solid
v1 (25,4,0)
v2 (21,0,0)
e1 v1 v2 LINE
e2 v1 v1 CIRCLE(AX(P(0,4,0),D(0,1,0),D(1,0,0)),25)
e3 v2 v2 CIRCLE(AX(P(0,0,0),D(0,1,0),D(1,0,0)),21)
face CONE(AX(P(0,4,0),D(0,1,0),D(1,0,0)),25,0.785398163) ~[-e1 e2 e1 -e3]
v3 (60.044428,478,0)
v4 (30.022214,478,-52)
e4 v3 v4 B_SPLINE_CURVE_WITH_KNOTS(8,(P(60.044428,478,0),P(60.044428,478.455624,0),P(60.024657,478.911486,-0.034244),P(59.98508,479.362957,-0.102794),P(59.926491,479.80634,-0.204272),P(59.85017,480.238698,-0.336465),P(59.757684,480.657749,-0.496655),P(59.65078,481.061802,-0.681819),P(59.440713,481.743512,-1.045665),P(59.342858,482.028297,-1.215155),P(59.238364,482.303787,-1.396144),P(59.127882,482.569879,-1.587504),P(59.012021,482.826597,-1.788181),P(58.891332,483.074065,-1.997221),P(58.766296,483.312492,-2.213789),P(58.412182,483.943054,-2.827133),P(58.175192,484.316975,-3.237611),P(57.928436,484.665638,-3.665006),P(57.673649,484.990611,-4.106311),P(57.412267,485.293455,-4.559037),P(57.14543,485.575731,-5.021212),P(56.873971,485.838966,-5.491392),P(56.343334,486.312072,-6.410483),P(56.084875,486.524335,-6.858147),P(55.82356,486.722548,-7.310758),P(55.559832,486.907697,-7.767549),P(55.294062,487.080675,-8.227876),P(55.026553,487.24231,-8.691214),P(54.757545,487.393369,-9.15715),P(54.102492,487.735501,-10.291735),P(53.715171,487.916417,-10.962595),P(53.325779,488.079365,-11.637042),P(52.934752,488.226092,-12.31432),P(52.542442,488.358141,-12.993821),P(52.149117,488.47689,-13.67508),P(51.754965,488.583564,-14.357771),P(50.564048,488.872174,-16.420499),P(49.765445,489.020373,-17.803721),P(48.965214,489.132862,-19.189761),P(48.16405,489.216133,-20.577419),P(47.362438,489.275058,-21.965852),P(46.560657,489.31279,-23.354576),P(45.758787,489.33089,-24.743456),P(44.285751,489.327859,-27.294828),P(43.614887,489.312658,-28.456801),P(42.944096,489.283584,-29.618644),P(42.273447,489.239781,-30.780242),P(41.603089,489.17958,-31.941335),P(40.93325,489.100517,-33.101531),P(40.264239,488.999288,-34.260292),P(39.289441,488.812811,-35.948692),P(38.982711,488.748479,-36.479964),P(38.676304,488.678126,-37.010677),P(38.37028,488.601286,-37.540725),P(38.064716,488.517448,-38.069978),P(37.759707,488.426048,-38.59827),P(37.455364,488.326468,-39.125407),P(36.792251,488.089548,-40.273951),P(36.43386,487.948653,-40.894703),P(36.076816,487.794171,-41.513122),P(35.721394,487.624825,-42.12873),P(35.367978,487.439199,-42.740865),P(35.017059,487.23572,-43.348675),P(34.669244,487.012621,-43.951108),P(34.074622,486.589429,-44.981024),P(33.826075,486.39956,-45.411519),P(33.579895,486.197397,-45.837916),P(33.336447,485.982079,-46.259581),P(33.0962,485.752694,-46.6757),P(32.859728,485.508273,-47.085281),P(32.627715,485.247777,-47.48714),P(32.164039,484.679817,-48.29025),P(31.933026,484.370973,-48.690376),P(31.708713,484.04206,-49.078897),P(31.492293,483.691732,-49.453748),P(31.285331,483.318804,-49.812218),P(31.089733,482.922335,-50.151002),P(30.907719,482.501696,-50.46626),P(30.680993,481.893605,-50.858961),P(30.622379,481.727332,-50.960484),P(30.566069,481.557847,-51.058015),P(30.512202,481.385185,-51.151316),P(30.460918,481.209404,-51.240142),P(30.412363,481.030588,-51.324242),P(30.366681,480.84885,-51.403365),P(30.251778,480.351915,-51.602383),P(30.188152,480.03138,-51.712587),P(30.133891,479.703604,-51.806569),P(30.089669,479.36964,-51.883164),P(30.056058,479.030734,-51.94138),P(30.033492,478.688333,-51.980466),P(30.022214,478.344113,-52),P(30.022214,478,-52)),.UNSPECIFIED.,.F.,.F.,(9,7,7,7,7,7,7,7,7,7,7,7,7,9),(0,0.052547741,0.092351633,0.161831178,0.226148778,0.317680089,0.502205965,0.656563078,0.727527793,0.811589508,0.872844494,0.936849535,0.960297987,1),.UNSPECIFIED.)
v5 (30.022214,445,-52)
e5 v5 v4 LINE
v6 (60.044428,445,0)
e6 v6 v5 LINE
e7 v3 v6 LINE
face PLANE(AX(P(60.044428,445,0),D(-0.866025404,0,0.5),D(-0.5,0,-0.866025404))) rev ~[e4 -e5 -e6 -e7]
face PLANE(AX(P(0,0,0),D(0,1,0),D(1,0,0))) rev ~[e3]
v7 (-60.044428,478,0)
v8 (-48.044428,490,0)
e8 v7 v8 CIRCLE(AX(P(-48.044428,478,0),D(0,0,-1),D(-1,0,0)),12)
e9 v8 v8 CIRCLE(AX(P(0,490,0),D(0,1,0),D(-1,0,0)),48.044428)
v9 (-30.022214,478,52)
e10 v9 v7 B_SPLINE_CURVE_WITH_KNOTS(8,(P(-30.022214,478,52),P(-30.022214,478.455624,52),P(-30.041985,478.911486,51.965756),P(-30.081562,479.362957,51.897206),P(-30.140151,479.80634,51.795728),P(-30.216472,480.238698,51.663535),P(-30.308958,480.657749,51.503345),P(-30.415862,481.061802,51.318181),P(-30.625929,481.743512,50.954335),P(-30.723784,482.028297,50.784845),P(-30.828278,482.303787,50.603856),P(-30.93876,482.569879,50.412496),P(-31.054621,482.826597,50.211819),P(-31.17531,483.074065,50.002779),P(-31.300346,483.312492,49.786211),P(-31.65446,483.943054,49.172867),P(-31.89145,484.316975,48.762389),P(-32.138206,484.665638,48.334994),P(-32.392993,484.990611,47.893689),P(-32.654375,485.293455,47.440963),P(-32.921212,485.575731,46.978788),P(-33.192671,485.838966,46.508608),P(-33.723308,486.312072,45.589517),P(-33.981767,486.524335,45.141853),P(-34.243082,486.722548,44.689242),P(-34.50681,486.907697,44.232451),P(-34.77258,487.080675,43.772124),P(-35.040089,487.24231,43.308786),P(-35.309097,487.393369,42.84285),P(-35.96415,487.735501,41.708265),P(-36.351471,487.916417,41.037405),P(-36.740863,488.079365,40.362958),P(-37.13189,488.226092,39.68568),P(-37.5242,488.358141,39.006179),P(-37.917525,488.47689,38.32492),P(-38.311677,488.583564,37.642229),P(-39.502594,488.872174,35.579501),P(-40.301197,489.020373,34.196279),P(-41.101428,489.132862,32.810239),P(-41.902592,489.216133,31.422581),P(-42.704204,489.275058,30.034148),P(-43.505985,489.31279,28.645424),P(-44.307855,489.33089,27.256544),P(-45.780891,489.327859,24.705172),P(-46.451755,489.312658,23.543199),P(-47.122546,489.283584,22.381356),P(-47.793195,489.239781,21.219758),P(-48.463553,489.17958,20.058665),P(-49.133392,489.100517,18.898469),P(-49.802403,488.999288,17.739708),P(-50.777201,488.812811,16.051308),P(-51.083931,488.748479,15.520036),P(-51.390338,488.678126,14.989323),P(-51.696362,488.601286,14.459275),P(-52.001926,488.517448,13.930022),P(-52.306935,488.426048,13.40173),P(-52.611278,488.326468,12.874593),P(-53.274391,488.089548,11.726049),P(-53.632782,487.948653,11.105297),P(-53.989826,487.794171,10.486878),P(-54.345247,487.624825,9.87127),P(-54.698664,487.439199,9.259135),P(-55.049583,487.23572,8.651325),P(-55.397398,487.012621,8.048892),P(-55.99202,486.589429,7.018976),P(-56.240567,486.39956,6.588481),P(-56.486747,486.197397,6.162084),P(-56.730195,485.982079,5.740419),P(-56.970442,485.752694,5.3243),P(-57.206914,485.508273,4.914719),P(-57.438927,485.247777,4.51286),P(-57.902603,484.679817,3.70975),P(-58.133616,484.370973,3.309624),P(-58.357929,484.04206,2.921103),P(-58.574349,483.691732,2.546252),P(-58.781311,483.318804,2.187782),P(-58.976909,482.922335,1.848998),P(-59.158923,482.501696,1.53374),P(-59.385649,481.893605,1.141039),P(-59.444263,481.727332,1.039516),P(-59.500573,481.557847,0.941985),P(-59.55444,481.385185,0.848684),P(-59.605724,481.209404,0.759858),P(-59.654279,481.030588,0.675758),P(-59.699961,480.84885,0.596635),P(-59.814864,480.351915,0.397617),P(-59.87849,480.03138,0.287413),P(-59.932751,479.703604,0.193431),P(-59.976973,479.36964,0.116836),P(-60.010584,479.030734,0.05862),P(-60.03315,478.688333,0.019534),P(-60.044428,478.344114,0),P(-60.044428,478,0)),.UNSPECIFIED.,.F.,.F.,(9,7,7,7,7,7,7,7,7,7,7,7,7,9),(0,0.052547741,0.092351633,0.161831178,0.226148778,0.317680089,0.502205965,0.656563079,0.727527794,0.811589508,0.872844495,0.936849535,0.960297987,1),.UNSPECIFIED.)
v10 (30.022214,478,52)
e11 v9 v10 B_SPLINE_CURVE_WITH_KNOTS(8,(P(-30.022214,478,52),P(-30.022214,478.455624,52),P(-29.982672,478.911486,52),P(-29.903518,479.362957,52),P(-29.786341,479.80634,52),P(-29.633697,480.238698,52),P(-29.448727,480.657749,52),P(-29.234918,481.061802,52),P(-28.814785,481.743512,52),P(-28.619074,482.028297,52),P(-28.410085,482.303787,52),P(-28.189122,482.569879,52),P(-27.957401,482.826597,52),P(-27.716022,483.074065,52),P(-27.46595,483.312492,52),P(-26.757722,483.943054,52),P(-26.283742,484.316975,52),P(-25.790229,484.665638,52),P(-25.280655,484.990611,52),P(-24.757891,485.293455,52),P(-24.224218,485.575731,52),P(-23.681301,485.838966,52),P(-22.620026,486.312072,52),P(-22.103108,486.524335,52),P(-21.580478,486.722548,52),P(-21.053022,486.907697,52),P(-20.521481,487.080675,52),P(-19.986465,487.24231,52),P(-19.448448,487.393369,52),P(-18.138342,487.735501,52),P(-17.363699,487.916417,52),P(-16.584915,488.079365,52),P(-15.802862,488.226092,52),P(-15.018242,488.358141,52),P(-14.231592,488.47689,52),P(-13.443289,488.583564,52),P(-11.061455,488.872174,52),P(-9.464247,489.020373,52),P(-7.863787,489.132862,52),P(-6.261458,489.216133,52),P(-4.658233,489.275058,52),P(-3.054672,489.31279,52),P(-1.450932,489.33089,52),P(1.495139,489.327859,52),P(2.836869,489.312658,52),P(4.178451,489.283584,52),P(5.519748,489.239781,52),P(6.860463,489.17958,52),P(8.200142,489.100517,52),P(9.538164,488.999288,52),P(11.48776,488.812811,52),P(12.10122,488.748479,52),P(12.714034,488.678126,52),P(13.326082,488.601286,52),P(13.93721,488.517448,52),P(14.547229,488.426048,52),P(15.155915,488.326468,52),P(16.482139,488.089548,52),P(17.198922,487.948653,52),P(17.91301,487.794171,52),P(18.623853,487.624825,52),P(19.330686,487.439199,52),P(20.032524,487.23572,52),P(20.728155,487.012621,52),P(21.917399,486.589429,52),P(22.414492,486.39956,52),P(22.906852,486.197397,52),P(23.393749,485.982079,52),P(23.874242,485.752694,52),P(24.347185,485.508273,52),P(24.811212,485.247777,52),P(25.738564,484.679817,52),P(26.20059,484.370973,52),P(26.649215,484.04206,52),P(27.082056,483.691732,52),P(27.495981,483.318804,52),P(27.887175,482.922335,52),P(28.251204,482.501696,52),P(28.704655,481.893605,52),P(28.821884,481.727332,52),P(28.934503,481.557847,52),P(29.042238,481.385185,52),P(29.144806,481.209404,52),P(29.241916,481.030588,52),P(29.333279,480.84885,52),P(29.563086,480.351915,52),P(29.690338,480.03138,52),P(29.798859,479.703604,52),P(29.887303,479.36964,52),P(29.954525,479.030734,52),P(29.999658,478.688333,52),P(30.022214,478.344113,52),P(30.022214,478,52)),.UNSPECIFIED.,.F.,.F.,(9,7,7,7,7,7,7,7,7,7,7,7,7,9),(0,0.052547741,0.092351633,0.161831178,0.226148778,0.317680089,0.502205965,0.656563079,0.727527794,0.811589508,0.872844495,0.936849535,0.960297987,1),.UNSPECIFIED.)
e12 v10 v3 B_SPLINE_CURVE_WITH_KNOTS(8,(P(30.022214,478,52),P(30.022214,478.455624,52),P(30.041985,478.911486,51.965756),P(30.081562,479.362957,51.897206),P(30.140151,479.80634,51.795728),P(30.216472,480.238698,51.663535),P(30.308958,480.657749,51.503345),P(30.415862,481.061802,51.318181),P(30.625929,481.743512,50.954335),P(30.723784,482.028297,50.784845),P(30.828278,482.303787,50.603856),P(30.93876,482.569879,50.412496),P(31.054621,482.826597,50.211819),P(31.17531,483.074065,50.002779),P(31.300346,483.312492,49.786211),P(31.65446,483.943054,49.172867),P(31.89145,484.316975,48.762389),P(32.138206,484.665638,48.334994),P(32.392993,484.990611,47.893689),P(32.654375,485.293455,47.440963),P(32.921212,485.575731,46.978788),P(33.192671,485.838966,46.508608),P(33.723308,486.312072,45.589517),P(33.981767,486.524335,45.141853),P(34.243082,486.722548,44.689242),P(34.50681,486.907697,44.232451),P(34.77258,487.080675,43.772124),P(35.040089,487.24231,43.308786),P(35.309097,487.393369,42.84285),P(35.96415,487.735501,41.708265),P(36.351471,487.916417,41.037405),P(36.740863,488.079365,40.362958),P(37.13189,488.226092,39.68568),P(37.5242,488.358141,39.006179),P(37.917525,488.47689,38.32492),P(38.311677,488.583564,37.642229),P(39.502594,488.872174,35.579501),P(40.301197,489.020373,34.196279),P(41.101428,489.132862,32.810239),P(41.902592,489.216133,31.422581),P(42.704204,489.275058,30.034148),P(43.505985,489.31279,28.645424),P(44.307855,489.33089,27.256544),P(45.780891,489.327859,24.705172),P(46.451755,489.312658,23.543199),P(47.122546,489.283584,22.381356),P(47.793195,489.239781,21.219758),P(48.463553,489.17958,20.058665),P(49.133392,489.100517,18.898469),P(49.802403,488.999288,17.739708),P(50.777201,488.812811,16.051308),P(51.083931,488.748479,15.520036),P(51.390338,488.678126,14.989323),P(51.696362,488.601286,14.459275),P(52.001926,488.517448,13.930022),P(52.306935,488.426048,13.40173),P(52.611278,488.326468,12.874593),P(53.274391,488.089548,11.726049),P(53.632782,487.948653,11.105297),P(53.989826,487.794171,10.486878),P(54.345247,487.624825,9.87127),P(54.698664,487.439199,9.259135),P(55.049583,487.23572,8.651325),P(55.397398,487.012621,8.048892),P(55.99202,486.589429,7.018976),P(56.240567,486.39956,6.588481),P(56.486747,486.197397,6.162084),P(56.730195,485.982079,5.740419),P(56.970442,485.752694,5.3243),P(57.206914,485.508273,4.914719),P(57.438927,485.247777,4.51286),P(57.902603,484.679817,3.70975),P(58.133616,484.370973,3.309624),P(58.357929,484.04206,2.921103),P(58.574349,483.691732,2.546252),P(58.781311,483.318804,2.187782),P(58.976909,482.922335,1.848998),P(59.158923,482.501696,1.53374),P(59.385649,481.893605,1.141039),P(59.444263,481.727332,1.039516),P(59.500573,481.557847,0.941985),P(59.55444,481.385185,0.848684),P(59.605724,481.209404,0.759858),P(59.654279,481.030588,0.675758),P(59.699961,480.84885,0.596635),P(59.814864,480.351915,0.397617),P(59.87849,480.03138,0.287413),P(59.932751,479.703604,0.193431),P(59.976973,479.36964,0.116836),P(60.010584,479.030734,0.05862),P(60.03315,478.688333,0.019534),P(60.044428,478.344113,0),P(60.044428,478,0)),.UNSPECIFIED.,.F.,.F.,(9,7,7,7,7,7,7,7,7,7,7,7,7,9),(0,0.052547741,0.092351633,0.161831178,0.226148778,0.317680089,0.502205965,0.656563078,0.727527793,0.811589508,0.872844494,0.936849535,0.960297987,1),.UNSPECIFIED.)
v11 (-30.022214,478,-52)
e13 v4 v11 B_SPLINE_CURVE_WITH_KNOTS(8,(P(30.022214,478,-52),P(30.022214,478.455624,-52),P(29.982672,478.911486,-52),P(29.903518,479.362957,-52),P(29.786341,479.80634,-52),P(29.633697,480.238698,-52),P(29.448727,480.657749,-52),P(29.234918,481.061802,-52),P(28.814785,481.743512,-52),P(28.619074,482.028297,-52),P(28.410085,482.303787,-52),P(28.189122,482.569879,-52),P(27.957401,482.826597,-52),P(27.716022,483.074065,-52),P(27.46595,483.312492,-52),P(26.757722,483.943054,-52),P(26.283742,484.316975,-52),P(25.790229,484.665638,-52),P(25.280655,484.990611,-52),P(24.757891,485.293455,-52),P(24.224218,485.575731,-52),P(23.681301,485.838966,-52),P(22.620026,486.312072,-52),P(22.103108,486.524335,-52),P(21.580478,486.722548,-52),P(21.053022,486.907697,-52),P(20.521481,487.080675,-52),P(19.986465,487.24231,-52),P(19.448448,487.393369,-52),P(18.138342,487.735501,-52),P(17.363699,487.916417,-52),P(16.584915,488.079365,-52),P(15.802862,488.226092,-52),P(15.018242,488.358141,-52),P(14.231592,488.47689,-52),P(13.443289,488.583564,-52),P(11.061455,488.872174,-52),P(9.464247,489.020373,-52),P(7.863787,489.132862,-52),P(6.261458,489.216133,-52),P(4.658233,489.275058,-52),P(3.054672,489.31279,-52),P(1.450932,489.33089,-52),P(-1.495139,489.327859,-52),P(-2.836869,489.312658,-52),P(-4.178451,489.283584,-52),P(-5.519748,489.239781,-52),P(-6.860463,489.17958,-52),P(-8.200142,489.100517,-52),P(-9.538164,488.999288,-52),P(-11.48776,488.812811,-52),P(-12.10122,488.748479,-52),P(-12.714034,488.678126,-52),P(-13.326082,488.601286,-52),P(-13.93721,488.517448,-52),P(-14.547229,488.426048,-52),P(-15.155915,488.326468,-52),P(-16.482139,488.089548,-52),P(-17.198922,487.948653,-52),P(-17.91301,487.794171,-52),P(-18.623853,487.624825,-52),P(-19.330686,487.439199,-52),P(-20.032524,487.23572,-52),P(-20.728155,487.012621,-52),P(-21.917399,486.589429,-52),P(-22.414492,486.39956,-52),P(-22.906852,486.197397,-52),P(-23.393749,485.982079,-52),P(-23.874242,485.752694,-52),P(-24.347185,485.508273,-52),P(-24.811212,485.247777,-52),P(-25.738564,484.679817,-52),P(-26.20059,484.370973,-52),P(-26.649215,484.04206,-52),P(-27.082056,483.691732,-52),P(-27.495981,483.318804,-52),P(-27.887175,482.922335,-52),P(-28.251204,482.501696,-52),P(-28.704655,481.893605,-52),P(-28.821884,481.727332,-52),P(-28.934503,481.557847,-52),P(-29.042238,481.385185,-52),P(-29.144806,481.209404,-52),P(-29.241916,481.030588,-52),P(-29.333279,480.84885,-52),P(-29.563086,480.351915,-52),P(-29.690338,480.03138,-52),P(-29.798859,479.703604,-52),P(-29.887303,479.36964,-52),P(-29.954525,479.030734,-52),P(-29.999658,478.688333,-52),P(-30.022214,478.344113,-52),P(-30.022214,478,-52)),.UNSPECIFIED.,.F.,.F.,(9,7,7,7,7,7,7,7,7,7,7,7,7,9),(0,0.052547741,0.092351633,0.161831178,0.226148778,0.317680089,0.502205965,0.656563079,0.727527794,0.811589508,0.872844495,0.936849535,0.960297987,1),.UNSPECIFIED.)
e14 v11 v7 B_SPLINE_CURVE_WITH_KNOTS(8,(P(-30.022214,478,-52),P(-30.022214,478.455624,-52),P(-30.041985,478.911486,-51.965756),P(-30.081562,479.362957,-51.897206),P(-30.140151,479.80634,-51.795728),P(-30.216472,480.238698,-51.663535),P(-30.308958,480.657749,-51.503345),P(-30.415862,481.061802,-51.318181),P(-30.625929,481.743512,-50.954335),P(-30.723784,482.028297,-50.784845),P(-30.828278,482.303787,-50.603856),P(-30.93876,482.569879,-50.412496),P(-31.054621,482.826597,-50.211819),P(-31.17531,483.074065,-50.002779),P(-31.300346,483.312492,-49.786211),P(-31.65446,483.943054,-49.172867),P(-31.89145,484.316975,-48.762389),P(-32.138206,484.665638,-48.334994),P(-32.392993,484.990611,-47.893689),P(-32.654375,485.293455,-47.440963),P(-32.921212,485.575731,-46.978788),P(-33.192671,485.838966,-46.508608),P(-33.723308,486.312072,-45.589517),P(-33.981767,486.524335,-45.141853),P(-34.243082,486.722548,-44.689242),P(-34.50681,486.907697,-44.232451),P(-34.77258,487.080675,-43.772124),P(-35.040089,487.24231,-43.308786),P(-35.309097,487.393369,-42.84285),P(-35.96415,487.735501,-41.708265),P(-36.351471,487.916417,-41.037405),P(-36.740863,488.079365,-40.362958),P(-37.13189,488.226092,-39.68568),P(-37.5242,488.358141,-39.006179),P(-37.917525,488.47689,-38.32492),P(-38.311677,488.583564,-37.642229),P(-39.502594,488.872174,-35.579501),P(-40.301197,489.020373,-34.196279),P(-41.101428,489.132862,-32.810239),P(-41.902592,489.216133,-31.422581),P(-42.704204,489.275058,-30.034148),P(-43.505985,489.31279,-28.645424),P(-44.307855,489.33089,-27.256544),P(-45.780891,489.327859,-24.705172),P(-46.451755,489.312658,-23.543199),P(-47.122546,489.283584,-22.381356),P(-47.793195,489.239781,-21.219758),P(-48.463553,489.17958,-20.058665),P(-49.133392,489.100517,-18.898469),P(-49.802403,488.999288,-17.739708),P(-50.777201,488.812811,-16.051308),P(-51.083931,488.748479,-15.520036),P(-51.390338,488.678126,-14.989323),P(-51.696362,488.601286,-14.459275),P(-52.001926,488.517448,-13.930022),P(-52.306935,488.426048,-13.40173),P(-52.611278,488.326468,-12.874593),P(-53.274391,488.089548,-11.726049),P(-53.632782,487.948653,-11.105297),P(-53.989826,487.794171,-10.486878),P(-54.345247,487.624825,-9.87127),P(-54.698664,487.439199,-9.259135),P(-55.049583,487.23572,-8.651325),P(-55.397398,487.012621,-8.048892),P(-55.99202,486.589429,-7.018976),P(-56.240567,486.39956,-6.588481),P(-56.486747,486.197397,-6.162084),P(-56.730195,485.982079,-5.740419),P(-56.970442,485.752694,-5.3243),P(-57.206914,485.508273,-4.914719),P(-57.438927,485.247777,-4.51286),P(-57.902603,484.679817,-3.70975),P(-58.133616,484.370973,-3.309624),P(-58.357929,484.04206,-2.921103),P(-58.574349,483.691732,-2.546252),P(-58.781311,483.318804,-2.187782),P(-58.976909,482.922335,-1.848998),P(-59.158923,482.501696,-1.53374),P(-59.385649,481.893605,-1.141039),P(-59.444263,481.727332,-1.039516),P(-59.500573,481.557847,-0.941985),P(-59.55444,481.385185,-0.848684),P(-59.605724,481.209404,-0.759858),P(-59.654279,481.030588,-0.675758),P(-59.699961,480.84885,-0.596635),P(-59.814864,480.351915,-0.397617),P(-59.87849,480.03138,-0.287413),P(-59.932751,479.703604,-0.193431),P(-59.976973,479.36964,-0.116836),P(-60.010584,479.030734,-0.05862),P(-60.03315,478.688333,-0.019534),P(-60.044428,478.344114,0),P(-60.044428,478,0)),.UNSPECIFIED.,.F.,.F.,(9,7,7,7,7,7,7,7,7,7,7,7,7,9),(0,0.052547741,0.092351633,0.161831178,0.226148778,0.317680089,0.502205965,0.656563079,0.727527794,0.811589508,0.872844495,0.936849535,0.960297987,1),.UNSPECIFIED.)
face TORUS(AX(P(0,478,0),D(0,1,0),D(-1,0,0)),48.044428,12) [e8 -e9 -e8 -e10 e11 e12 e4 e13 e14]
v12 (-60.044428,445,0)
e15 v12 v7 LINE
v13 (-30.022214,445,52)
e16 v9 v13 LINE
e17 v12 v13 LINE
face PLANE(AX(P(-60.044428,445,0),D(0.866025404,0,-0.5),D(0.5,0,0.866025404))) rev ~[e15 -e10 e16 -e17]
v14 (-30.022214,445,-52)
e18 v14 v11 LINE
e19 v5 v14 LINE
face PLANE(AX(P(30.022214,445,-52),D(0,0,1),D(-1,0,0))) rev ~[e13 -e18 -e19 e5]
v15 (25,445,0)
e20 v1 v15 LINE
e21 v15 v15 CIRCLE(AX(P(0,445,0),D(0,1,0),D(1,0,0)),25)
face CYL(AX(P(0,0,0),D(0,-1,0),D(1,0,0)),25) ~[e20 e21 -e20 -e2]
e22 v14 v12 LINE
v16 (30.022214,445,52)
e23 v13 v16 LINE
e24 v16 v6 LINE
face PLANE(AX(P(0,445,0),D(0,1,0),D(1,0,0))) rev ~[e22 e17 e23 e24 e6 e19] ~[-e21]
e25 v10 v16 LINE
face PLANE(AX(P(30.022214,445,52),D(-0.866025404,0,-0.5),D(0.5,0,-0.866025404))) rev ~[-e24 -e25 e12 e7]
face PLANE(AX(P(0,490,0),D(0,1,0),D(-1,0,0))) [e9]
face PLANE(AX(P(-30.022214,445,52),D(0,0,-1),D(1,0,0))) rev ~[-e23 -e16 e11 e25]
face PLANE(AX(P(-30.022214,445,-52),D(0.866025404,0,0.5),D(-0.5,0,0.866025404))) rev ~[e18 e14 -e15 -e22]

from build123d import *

# Parameters (mm, degrees)
SKETCH3_R           = 25
BOSS_EXTRUDE2_DEPTH = 445
BOSS_EXTRUDE3_DEPTH = 45
CHAMFER2_SIZE       = 4


with BuildPart() as part:
    # Sketch3 → Boss-Extrude2 (new body)
    with BuildSketch(Plane(origin=(0, 0, 0), x_dir=(1, 0, 0), z_dir=(0, 1, 0))):
        Circle(SKETCH3_R)
    extrude(amount=BOSS_EXTRUDE2_DEPTH)

    # Sketch4 → Boss-Extrude3 (add)
    with BuildSketch(Plane(origin=(0, 445, 0), x_dir=(1, 0, 0), z_dir=(0, 1, 0))):
        Polygon((60.044427996, 0), (30.022213998, 52), (-30.022213998, 52), (-60.044427996, 0), (-30.022213998, -52), (30.022213998, -52), align=None)
    extrude(amount=BOSS_EXTRUDE3_DEPTH)

    # Chamfer2
    chamfer2_edges = [part.edges().sort_by_distance(p)[0] for p in [
        (-25, 0, 0),
    ]]
    chamfer(chamfer2_edges, length=CHAMFER2_SIZE)

    # Sketch5 → Cut-Revolve1 (revolve, cut)
    with BuildSketch(Plane.XY):
        with BuildLine():
            Line((-48.044427996, 490), (-42.422825607, 490))
            Line((-42.422825607, 490), (-58.618044672, 506.195219065))
            Line((-58.618044672, 506.195219065), (-76.909784041, 483.543059665))
            Line((-76.909784041, 483.543059665), (-60.044427996, 474.029415959))
            Line((-60.044427996, 474.029415959), (-60.044427996, 478))
            ThreePointArc((-60.044427996, 478), (-56.52970937, 486.485281374), (-48.044427996, 490))
        make_face()
    revolve(axis=Axis((0, 490.810426385, 0), (0, 1, 0)), mode=Mode.SUBTRACT)


solid = part.part
